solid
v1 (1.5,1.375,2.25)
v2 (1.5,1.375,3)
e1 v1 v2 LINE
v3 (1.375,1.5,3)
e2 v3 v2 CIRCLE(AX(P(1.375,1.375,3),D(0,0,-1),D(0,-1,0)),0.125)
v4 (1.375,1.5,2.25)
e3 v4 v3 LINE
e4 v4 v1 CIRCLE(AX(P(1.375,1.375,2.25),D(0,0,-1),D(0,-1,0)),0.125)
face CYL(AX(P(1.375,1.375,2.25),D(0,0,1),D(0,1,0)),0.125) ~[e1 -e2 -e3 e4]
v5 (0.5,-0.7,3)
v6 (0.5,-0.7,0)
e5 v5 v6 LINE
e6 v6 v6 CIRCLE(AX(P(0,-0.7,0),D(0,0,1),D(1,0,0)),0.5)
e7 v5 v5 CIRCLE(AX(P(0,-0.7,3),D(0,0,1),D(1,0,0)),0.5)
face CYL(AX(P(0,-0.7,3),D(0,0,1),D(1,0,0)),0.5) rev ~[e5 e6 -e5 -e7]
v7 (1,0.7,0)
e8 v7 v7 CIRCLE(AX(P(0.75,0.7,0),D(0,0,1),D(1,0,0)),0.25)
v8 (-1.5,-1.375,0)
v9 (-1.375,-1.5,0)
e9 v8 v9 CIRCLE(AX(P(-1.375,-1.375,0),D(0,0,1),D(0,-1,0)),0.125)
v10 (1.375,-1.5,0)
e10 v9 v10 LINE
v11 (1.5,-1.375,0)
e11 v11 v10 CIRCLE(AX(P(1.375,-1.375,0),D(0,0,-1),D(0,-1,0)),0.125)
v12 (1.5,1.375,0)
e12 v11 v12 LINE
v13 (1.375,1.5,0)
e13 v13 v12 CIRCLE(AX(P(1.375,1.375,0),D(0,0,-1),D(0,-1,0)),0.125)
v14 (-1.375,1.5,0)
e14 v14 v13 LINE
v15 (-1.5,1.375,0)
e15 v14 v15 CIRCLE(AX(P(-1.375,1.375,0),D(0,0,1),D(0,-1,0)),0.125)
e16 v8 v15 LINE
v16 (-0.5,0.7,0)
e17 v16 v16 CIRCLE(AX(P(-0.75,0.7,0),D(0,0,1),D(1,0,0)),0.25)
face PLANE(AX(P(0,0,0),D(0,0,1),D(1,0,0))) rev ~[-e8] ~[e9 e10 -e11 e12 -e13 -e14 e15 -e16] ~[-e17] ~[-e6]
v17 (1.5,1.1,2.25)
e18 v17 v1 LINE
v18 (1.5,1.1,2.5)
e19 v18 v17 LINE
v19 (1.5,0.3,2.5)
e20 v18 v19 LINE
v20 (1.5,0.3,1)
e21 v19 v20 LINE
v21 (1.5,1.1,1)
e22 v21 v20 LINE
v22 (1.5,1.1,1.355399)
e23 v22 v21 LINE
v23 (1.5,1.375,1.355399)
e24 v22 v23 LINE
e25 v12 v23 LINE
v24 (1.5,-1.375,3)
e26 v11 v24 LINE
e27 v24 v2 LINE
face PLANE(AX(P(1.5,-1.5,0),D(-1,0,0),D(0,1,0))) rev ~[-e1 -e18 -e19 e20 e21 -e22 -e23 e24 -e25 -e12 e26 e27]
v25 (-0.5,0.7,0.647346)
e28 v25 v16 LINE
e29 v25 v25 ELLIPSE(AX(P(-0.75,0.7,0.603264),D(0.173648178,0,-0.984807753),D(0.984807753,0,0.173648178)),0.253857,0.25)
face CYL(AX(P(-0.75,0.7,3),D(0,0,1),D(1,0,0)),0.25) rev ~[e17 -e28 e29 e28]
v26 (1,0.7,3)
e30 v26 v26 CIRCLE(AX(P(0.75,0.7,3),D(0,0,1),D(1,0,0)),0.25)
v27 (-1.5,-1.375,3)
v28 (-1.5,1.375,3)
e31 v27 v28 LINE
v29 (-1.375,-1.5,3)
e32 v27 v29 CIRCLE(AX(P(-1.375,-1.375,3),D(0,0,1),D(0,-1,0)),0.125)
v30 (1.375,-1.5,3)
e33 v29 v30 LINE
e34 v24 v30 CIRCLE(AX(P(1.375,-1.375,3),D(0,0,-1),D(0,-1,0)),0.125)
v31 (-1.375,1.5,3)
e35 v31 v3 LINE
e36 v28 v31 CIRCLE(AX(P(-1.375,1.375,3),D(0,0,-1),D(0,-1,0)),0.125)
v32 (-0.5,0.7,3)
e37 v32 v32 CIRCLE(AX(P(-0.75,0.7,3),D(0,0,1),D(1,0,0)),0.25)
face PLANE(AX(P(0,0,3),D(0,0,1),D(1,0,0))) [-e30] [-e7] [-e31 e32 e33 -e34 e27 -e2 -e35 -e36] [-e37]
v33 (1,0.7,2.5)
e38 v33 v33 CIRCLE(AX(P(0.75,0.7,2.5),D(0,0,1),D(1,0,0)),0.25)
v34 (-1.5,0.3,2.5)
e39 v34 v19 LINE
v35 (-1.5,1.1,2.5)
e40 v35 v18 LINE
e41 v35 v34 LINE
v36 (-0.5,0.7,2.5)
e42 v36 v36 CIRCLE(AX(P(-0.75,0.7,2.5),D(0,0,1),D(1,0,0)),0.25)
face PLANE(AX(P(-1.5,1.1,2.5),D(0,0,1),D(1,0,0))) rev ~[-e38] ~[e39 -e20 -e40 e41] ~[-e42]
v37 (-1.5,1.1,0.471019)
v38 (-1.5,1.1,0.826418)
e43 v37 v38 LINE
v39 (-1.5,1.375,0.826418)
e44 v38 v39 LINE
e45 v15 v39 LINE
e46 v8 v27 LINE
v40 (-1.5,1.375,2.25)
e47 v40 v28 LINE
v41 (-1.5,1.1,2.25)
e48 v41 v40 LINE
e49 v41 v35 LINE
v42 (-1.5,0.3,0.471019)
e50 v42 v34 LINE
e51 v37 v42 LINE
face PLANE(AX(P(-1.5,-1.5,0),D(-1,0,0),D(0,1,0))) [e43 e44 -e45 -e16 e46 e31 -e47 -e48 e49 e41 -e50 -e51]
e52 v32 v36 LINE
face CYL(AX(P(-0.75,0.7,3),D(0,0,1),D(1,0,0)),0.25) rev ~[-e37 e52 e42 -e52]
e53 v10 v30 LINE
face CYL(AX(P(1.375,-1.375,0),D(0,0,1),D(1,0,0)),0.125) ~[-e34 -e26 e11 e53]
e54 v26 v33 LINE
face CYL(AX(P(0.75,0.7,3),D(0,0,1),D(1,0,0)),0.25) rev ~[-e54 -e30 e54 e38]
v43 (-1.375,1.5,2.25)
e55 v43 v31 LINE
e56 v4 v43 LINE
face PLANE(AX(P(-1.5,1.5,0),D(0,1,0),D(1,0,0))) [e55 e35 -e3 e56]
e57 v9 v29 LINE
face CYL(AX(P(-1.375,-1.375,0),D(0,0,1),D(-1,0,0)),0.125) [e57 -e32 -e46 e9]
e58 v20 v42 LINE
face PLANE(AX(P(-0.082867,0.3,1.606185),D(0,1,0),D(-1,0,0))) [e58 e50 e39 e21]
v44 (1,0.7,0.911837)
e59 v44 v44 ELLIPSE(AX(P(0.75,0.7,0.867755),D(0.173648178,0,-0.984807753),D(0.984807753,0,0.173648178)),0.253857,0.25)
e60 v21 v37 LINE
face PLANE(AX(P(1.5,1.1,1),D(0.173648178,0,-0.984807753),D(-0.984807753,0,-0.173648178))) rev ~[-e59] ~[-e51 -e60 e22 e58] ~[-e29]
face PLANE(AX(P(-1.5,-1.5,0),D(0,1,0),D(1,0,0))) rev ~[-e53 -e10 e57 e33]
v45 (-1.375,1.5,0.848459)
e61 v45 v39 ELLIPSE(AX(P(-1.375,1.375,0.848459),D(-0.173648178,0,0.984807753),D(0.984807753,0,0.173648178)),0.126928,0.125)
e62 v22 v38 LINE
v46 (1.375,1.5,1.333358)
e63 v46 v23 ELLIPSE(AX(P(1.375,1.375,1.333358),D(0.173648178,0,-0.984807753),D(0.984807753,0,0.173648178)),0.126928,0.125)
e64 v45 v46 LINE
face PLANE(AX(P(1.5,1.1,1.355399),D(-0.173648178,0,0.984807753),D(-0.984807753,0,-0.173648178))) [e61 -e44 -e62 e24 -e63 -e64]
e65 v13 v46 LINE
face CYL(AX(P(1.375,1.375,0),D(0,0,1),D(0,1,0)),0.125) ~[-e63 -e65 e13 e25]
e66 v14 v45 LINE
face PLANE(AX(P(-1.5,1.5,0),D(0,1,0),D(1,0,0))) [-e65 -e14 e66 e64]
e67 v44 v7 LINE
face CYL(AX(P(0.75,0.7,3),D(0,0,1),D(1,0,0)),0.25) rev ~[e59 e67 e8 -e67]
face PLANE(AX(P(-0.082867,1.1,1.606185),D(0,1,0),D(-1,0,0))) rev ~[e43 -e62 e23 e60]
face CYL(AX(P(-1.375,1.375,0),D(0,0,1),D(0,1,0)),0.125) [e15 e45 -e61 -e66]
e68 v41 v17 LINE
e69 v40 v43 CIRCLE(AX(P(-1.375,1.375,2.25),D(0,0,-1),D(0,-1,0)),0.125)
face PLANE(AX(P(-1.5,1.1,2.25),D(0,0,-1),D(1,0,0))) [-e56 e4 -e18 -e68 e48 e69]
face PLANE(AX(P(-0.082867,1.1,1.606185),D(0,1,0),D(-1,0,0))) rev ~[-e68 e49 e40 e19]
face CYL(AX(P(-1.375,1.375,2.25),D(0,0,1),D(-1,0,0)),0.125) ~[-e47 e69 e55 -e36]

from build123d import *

# Parameters (mm, degrees)
F0_W      = 3
F0_H      = 3
F1_DEPTH  = 3
F2_R      = 0.5
F3_DEPTH  = 25
F6_DEPTH  = 0.8
F8_DEPTH  = 1.05
F9_R      = 0.125
F10_R     = 0.125
F11_R     = 0.25
F12_DEPTH = 25


with BuildPart() as f1:
    # F0 (on Top) → F1 (new body)
    with BuildSketch(Plane.XY):
        Rectangle(F0_W, F0_H)
    extrude(amount=F1_DEPTH)

    # F2 (on face) → F3 (cut)
    with BuildSketch(Plane.XY.offset(3)):
        with Locations((0, -0.7)):
            Circle(F2_R)
    extrude(amount=-F3_DEPTH, mode=Mode.SUBTRACT)

    # F5 (on offset) → F6 (cut)
    with BuildSketch(Plane(origin=(0, 1.1, 0), x_dir=(-1, 0, 0), z_dir=(0, 1, 0))):
        Polygon((-1.5, 2.5), (-1.5, 1), (1.5, 0.4710190579), (1.5, 2.5), align=None)
    extrude(amount=-F6_DEPTH, mode=Mode.SUBTRACT)

    # F7 (on offset) → F8 (cut)
    with BuildSketch(Plane(origin=(0, 1.1, 0), x_dir=(-1, 0, 0), z_dir=(0, 1, 0))):
        Polygon((-1.5, 2.25), (-1.5, 1.3553993142), (1.5, 0.826418372), (1.5, 2.25), align=None)
    extrude(amount=F8_DEPTH, mode=Mode.SUBTRACT)

    # F9
    f9_edges = [f1.edges().sort_by_distance(p)[0] for p in [
        (1.5, 1.5, 0.6777),
        (1.5, 1.5, 2.625),
    ]]
    fillet(f9_edges, radius=F9_R)

    # F10
    f10_edges = [f1.edges().sort_by_distance(p)[0] for p in [
        (-1.5, 1.5, 2.625),
        (-1.5, 1.5, 0.413209),
        (-1.5, -1.5, 1.5),
        (1.5, -1.5, 1.5),
    ]]
    fillet(f10_edges, radius=F10_R)

    # F11 (on face) → F12 (cut)
    with BuildSketch(Plane.XY.offset(3)):
        with Locations((0.75, 0.7)):
            Circle(F11_R)
        with Locations((-0.75, 0.7)):
            Circle(F11_R)
    extrude(amount=-F12_DEPTH, mode=Mode.SUBTRACT)


solid = f1.part
